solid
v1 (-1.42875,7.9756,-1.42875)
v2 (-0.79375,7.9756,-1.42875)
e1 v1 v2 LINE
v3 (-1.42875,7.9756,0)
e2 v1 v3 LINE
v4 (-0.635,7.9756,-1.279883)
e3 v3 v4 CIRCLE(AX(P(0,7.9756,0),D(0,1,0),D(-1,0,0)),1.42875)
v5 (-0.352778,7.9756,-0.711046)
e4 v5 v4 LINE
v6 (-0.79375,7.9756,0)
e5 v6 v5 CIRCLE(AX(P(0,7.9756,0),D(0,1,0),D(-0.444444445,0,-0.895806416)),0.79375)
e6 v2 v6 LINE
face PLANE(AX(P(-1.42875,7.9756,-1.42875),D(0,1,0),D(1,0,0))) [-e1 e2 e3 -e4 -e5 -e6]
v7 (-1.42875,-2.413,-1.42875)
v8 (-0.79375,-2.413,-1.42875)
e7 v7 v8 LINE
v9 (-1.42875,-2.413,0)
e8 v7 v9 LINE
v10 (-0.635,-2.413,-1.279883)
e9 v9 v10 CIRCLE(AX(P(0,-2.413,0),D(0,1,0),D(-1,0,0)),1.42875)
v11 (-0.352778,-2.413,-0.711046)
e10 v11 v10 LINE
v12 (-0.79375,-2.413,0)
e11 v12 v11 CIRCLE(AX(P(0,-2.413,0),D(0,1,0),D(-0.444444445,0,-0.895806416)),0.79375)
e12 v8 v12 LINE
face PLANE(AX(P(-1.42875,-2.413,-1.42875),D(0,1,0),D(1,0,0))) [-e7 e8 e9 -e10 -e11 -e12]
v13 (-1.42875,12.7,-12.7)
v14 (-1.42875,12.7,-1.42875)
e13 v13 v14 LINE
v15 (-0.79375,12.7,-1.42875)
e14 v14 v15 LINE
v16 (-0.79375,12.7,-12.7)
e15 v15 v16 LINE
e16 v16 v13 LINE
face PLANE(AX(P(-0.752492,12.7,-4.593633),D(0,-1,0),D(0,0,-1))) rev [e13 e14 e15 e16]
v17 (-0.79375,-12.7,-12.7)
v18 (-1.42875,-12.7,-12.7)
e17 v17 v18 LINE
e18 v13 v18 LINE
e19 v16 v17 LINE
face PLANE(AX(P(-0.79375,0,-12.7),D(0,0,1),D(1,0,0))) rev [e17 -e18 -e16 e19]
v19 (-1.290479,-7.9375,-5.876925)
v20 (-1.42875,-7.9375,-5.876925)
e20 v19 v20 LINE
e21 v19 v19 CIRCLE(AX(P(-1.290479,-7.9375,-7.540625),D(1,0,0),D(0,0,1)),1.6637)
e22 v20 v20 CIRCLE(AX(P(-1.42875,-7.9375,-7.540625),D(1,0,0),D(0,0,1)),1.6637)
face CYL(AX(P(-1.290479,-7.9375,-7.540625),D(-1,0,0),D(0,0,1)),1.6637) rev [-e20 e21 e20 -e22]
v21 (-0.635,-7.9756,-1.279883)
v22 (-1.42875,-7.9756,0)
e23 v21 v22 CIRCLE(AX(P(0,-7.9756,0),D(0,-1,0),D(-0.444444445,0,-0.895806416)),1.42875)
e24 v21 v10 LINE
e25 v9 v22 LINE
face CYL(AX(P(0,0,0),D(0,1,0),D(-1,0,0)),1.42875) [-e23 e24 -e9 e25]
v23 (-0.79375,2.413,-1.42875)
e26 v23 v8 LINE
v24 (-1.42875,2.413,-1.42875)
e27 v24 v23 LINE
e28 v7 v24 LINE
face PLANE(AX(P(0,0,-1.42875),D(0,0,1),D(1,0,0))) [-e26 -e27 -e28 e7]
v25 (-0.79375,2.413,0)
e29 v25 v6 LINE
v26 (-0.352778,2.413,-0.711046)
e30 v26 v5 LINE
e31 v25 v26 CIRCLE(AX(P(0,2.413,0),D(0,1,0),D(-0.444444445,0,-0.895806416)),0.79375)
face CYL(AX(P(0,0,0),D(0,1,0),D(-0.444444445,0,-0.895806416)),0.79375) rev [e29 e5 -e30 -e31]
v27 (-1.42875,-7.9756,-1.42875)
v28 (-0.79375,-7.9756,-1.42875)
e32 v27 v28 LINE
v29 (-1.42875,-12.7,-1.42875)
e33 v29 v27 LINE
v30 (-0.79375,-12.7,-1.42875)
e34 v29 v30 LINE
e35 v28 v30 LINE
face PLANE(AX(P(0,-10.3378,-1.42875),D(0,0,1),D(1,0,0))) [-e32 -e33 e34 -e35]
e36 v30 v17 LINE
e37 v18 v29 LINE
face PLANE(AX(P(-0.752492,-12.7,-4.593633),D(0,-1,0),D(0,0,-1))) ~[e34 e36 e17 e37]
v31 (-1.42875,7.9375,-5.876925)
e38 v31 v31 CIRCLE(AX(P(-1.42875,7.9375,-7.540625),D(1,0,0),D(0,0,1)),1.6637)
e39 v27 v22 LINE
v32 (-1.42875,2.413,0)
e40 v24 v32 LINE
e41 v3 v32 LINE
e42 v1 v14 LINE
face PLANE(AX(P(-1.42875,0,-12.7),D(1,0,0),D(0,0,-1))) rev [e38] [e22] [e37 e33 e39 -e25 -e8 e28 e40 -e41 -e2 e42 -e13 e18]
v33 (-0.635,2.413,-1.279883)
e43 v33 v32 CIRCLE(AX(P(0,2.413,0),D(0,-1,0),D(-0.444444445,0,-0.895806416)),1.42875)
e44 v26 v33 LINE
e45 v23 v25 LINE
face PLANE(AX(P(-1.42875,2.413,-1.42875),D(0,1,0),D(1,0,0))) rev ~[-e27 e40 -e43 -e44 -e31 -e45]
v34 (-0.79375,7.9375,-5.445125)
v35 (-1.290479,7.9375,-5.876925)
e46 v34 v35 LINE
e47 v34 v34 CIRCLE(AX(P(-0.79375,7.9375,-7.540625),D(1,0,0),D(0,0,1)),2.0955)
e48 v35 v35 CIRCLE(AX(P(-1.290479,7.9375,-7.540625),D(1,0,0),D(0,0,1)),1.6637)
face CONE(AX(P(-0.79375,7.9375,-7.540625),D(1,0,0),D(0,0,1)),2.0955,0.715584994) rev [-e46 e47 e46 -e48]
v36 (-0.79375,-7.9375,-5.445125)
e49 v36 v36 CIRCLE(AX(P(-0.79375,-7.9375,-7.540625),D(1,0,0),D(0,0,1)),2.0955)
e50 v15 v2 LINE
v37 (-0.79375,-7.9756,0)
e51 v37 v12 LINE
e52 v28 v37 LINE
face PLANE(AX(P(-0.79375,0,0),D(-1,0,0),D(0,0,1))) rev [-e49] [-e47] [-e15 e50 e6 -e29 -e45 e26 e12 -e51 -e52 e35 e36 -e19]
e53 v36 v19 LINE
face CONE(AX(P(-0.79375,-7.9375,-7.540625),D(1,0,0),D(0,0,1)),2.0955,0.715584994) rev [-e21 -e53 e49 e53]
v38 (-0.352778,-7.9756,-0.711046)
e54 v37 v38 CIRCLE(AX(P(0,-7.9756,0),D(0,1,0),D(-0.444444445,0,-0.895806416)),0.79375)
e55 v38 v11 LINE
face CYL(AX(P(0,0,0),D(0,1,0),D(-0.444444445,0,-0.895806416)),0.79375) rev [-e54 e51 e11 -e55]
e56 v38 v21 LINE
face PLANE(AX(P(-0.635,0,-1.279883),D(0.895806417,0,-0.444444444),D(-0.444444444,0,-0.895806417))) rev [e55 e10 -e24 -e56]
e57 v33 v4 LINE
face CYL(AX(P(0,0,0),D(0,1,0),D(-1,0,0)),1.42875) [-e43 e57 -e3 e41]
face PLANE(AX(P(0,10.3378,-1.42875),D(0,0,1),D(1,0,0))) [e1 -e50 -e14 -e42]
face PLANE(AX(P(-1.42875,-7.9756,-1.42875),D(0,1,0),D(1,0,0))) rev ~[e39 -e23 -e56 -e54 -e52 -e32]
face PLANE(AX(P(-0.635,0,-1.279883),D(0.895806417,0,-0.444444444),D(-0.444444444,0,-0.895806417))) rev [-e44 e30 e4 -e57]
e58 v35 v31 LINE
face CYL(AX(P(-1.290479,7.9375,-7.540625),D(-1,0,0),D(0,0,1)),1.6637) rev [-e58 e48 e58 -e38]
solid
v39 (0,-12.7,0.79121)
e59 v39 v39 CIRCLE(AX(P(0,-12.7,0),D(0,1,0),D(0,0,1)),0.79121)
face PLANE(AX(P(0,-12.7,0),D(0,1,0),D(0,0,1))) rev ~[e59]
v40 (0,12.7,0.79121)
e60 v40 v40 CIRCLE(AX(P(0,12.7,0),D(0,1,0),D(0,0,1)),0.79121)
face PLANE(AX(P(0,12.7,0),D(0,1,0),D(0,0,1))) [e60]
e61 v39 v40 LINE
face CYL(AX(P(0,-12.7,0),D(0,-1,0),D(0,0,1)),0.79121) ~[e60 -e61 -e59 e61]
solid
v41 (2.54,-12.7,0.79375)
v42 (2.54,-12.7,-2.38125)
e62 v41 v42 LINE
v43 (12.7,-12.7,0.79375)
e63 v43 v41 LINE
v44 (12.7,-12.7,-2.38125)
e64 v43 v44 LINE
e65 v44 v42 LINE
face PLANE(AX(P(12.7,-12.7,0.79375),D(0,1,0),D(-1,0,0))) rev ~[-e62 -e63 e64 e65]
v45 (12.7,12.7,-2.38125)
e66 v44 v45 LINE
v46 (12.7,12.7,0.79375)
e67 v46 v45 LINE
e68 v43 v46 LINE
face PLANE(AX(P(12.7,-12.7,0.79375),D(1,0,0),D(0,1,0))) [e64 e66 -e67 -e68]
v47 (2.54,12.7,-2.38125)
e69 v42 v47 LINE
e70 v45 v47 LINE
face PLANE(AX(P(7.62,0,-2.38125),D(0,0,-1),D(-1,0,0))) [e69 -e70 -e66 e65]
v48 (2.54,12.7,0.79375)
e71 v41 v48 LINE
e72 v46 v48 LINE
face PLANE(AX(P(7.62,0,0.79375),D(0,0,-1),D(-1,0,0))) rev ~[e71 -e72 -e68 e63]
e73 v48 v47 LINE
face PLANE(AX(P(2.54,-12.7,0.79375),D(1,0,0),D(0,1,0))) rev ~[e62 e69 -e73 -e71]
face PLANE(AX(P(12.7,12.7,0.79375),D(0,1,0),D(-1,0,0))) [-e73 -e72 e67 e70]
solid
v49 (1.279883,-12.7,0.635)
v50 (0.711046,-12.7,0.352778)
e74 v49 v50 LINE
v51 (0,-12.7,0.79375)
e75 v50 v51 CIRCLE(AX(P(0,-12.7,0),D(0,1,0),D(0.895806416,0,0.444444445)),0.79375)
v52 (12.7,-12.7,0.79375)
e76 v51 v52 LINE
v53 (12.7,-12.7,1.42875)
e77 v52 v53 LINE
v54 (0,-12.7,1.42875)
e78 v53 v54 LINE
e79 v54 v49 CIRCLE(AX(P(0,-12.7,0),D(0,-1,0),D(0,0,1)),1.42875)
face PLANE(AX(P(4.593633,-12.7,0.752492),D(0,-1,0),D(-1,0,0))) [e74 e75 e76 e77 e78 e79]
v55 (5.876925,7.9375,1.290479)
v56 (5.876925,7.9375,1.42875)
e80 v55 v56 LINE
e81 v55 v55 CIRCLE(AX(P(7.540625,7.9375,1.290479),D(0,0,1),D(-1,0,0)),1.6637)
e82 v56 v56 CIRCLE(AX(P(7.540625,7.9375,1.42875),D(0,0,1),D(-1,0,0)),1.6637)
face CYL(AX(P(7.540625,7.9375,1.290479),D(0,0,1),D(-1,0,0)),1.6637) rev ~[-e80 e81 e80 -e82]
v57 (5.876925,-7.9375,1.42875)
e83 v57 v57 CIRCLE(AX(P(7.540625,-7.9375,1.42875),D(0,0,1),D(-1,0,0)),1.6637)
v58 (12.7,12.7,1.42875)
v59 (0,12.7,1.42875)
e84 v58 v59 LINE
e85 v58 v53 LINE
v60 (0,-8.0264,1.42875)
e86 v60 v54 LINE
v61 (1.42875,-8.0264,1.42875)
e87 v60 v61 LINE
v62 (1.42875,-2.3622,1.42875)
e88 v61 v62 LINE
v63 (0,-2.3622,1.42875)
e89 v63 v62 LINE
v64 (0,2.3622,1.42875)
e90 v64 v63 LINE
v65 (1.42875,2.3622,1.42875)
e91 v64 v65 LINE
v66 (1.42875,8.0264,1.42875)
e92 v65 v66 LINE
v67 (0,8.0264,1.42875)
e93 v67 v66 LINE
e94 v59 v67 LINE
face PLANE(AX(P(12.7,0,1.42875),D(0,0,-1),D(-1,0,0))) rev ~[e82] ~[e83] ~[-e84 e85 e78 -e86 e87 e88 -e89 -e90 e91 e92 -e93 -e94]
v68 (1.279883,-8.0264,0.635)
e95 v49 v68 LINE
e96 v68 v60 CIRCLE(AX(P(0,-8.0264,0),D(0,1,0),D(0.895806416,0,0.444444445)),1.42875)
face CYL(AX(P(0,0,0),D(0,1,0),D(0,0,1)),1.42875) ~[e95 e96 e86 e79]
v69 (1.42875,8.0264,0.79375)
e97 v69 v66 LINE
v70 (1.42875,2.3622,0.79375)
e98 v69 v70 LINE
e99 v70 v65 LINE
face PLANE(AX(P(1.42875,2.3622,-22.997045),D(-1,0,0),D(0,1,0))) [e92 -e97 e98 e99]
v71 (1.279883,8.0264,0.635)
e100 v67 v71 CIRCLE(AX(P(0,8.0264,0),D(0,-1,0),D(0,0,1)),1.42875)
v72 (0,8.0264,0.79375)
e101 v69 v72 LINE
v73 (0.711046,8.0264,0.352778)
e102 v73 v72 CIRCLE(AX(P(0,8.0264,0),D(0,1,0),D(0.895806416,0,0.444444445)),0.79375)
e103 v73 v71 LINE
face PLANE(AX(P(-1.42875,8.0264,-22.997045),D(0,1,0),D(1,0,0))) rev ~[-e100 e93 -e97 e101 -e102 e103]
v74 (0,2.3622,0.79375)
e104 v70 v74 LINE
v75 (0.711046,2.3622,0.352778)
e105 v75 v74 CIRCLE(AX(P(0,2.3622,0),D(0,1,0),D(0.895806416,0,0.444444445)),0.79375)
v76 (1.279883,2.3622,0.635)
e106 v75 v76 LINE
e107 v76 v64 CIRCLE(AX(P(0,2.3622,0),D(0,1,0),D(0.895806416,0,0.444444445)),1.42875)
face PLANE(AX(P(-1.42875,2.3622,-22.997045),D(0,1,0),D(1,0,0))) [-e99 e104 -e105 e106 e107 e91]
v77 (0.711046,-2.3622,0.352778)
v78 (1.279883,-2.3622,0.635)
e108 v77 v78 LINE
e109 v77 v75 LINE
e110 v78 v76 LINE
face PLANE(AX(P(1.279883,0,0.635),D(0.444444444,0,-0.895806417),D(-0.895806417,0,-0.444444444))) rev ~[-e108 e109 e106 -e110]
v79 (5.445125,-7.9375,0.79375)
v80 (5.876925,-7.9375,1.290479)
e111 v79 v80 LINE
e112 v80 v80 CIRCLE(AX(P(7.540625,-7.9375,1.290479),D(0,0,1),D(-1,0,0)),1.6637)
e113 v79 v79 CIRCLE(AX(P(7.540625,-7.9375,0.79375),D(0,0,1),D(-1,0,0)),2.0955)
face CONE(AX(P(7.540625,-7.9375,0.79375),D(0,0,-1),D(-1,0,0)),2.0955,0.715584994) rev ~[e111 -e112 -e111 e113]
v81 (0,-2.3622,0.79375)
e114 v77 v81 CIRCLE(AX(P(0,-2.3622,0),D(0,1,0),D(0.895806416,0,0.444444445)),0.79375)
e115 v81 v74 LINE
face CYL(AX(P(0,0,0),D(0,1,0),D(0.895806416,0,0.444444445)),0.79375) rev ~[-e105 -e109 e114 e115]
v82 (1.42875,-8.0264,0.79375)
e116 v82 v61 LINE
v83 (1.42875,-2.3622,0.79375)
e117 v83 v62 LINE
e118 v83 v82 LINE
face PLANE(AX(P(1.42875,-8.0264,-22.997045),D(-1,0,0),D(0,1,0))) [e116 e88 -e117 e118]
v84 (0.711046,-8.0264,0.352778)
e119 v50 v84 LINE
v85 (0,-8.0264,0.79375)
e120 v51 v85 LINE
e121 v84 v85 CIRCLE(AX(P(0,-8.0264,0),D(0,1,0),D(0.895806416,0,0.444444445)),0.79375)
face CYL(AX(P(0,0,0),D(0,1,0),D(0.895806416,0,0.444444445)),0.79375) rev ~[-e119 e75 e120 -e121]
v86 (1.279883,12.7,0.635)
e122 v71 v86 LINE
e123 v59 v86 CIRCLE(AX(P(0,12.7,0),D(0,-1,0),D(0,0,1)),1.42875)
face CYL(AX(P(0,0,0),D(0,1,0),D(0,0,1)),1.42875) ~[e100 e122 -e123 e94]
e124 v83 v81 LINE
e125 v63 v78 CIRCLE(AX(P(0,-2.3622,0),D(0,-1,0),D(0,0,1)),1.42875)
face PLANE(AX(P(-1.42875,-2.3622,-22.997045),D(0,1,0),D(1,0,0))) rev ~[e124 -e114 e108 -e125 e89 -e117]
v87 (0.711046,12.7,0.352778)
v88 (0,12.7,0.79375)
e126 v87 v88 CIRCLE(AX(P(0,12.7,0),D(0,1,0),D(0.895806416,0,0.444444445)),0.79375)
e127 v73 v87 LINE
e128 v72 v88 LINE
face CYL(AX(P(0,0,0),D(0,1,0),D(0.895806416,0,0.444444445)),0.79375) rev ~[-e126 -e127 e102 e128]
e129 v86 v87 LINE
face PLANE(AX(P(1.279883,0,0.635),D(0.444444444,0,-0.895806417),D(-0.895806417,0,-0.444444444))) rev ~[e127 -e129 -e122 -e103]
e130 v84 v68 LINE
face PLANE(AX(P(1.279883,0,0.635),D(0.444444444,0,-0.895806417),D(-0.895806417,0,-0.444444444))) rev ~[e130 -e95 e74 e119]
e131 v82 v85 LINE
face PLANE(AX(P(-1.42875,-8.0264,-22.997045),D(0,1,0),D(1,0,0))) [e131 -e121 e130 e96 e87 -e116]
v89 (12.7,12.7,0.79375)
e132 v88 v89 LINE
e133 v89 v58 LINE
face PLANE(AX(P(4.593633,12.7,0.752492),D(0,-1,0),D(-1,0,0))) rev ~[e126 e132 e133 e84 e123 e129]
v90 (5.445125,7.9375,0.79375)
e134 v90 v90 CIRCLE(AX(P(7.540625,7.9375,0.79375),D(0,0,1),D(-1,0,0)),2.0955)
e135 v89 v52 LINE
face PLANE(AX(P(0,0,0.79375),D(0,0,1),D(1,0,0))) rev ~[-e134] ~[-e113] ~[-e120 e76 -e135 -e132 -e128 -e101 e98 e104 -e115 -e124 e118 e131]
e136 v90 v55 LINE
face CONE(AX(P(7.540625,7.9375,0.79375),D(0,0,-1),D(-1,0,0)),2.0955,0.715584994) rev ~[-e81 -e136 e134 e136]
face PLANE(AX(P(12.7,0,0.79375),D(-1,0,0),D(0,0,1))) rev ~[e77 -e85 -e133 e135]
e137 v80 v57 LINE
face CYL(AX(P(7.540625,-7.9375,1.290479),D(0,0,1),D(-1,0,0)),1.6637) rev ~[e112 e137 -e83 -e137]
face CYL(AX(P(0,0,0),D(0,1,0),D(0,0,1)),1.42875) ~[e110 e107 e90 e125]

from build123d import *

# Parameters (mm, degrees)
EXTRUDE1_DEPTH          = 12.7
LPATTERN2_COUNT         = 2
LPATTERN2_PITCH         = 15.875
CUT_EXTRUDE1_DEPTH      = 22.997045256
CUT_EXTRUDE1_DEPTH_BACK = 22.997045256
SKETCH4_W               = 2.8575
SKETCH4_H               = 5.6642
CUT_EXTRUDE2_DEPTH      = 1.42875
CUT_EXTRUDE2_DEPTH_BACK = 1.42875
SKETCH5_W               = 2.8575
SKETCH5_H               = 4.7244
SKETCH5_H_2             = 4.826
EXTRUDE2_START          = -12.7
SKETCH6_R               = 0.79121
EXTRUDE2_DEPTH          = 25.4
SKETCH9_W               = 10.16
SKETCH9_H               = 25.4
BOSS_EXTRUDE1_DEPTH     = 3.175


with BuildPart() as part:
    # Sketch1 → Extrude1 (new, symmetric)
    with BuildSketch(Plane(origin=(0, 0, 0), x_dir=(1, 0, 0), z_dir=(0, 1, 0))):
        with BuildLine():
            Line((0, -0.79375), (12.7, -0.79375))
            Line((12.7, -0.79375), (12.7, -1.42875))
            Line((12.7, -1.42875), (0, -1.42875))
            ThreePointArc((0, -1.42875), (-0.753017368, 1.214204022), (1.279883418, -0.635))
            Line((1.279883418, -0.635), (0.711046343, -0.352777778))
            ThreePointArc((0.711046343, -0.352777778), (-0.418342982, 0.67455779), (0, -0.79375))
        make_face()
    extrude(amount=EXTRUDE1_DEPTH, both=True)

    # Sketch7 → Cut-Revolve1 (revolve, cut)
    with BuildSketch(Plane(origin=(7.540625, 0, 0), x_dir=(0, 0, -1), z_dir=(1, 0, 0)), mode=Mode.PRIVATE) as cut_revolve1_sk:
        Polygon((-0.79375, 7.9375), (-0.79375, 10.033), (-1.290479078, 9.6012), (-1.42875, 9.6012), (-1.42875, 7.9375), align=None)
    cut_revolve1 = revolve(cut_revolve1_sk.sketch.rotate(Axis((7.540625, 7.9375, -1.822321443), (0, 0, 1)), 90), axis=Axis((7.540625, 7.9375, -1.822321443), (0, 0, 1)), mode=Mode.SUBTRACT)

    # LPattern2: Cut-Revolve1 ×2
    with Locations(*[(0, -i * LPATTERN2_PITCH, 0) for i in range(1, LPATTERN2_COUNT)]):
        add(cut_revolve1, mode=Mode.SUBTRACT)


with BuildPart() as body_2:
    # Mirror2: mirrored copy
    add(part.part.mirror(Plane(origin=(0, 0, 0), x_dir=(-0.7071067811865439, 0, 0.7071067811865512), z_dir=(0.7071067811865513, 0, 0.7071067811865438))))

    # Sketch5 → Cut-Extrude2 (cut, two sides: drawn at the far end of the back side and taken through both)
    with BuildSketch(Plane.XY.offset(-CUT_EXTRUDE2_DEPTH_BACK)):
        with Locations((0, -10.3378)):
            Rectangle(SKETCH5_W, SKETCH5_H)
        Rectangle(SKETCH5_W, SKETCH5_H_2)
        with Locations((0, 10.3378)):
            Rectangle(SKETCH5_W, SKETCH5_H)
    extrude(amount=CUT_EXTRUDE2_DEPTH + CUT_EXTRUDE2_DEPTH_BACK, mode=Mode.SUBTRACT)


with BuildPart() as part_1:
    add(part.part)

    # Sketch4 → Cut-Extrude1 (cut, two sides: drawn at the far end of the back side and taken through both)
    with BuildSketch(Plane.XY.offset(-CUT_EXTRUDE1_DEPTH_BACK)):
        with Locations((0, 5.1943)):
            Rectangle(SKETCH4_W, SKETCH4_H)
        with Locations((0, -5.1943)):
            Rectangle(SKETCH4_W, SKETCH4_H)
    extrude(amount=CUT_EXTRUDE1_DEPTH + CUT_EXTRUDE1_DEPTH_BACK, mode=Mode.SUBTRACT)


with BuildPart() as body_3:
    # Sketch6 → Extrude2 (new body)
    with BuildSketch(Plane(origin=(0, 0, 0), x_dir=(1, 0, 0), z_dir=(0, 1, 0)).offset(EXTRUDE2_START)):
        with Locations(Location((0, 0, 0), (0, 0, 270))):
            Circle(SKETCH6_R)
    extrude(amount=EXTRUDE2_DEPTH)


with BuildPart() as body_4:
    # Sketch9 → Boss-Extrude1 (new body)
    with BuildSketch(Plane(origin=(0, 0, 0.79375), x_dir=(-1, 0, 0), z_dir=(0, 0, -1))):
        with Locations((-7.62, 0)):
            Rectangle(SKETCH9_W, SKETCH9_H)
    extrude(amount=BOSS_EXTRUDE1_DEPTH)


solid = Compound([body_2.part, part_1.part, body_3.part, body_4.part])
